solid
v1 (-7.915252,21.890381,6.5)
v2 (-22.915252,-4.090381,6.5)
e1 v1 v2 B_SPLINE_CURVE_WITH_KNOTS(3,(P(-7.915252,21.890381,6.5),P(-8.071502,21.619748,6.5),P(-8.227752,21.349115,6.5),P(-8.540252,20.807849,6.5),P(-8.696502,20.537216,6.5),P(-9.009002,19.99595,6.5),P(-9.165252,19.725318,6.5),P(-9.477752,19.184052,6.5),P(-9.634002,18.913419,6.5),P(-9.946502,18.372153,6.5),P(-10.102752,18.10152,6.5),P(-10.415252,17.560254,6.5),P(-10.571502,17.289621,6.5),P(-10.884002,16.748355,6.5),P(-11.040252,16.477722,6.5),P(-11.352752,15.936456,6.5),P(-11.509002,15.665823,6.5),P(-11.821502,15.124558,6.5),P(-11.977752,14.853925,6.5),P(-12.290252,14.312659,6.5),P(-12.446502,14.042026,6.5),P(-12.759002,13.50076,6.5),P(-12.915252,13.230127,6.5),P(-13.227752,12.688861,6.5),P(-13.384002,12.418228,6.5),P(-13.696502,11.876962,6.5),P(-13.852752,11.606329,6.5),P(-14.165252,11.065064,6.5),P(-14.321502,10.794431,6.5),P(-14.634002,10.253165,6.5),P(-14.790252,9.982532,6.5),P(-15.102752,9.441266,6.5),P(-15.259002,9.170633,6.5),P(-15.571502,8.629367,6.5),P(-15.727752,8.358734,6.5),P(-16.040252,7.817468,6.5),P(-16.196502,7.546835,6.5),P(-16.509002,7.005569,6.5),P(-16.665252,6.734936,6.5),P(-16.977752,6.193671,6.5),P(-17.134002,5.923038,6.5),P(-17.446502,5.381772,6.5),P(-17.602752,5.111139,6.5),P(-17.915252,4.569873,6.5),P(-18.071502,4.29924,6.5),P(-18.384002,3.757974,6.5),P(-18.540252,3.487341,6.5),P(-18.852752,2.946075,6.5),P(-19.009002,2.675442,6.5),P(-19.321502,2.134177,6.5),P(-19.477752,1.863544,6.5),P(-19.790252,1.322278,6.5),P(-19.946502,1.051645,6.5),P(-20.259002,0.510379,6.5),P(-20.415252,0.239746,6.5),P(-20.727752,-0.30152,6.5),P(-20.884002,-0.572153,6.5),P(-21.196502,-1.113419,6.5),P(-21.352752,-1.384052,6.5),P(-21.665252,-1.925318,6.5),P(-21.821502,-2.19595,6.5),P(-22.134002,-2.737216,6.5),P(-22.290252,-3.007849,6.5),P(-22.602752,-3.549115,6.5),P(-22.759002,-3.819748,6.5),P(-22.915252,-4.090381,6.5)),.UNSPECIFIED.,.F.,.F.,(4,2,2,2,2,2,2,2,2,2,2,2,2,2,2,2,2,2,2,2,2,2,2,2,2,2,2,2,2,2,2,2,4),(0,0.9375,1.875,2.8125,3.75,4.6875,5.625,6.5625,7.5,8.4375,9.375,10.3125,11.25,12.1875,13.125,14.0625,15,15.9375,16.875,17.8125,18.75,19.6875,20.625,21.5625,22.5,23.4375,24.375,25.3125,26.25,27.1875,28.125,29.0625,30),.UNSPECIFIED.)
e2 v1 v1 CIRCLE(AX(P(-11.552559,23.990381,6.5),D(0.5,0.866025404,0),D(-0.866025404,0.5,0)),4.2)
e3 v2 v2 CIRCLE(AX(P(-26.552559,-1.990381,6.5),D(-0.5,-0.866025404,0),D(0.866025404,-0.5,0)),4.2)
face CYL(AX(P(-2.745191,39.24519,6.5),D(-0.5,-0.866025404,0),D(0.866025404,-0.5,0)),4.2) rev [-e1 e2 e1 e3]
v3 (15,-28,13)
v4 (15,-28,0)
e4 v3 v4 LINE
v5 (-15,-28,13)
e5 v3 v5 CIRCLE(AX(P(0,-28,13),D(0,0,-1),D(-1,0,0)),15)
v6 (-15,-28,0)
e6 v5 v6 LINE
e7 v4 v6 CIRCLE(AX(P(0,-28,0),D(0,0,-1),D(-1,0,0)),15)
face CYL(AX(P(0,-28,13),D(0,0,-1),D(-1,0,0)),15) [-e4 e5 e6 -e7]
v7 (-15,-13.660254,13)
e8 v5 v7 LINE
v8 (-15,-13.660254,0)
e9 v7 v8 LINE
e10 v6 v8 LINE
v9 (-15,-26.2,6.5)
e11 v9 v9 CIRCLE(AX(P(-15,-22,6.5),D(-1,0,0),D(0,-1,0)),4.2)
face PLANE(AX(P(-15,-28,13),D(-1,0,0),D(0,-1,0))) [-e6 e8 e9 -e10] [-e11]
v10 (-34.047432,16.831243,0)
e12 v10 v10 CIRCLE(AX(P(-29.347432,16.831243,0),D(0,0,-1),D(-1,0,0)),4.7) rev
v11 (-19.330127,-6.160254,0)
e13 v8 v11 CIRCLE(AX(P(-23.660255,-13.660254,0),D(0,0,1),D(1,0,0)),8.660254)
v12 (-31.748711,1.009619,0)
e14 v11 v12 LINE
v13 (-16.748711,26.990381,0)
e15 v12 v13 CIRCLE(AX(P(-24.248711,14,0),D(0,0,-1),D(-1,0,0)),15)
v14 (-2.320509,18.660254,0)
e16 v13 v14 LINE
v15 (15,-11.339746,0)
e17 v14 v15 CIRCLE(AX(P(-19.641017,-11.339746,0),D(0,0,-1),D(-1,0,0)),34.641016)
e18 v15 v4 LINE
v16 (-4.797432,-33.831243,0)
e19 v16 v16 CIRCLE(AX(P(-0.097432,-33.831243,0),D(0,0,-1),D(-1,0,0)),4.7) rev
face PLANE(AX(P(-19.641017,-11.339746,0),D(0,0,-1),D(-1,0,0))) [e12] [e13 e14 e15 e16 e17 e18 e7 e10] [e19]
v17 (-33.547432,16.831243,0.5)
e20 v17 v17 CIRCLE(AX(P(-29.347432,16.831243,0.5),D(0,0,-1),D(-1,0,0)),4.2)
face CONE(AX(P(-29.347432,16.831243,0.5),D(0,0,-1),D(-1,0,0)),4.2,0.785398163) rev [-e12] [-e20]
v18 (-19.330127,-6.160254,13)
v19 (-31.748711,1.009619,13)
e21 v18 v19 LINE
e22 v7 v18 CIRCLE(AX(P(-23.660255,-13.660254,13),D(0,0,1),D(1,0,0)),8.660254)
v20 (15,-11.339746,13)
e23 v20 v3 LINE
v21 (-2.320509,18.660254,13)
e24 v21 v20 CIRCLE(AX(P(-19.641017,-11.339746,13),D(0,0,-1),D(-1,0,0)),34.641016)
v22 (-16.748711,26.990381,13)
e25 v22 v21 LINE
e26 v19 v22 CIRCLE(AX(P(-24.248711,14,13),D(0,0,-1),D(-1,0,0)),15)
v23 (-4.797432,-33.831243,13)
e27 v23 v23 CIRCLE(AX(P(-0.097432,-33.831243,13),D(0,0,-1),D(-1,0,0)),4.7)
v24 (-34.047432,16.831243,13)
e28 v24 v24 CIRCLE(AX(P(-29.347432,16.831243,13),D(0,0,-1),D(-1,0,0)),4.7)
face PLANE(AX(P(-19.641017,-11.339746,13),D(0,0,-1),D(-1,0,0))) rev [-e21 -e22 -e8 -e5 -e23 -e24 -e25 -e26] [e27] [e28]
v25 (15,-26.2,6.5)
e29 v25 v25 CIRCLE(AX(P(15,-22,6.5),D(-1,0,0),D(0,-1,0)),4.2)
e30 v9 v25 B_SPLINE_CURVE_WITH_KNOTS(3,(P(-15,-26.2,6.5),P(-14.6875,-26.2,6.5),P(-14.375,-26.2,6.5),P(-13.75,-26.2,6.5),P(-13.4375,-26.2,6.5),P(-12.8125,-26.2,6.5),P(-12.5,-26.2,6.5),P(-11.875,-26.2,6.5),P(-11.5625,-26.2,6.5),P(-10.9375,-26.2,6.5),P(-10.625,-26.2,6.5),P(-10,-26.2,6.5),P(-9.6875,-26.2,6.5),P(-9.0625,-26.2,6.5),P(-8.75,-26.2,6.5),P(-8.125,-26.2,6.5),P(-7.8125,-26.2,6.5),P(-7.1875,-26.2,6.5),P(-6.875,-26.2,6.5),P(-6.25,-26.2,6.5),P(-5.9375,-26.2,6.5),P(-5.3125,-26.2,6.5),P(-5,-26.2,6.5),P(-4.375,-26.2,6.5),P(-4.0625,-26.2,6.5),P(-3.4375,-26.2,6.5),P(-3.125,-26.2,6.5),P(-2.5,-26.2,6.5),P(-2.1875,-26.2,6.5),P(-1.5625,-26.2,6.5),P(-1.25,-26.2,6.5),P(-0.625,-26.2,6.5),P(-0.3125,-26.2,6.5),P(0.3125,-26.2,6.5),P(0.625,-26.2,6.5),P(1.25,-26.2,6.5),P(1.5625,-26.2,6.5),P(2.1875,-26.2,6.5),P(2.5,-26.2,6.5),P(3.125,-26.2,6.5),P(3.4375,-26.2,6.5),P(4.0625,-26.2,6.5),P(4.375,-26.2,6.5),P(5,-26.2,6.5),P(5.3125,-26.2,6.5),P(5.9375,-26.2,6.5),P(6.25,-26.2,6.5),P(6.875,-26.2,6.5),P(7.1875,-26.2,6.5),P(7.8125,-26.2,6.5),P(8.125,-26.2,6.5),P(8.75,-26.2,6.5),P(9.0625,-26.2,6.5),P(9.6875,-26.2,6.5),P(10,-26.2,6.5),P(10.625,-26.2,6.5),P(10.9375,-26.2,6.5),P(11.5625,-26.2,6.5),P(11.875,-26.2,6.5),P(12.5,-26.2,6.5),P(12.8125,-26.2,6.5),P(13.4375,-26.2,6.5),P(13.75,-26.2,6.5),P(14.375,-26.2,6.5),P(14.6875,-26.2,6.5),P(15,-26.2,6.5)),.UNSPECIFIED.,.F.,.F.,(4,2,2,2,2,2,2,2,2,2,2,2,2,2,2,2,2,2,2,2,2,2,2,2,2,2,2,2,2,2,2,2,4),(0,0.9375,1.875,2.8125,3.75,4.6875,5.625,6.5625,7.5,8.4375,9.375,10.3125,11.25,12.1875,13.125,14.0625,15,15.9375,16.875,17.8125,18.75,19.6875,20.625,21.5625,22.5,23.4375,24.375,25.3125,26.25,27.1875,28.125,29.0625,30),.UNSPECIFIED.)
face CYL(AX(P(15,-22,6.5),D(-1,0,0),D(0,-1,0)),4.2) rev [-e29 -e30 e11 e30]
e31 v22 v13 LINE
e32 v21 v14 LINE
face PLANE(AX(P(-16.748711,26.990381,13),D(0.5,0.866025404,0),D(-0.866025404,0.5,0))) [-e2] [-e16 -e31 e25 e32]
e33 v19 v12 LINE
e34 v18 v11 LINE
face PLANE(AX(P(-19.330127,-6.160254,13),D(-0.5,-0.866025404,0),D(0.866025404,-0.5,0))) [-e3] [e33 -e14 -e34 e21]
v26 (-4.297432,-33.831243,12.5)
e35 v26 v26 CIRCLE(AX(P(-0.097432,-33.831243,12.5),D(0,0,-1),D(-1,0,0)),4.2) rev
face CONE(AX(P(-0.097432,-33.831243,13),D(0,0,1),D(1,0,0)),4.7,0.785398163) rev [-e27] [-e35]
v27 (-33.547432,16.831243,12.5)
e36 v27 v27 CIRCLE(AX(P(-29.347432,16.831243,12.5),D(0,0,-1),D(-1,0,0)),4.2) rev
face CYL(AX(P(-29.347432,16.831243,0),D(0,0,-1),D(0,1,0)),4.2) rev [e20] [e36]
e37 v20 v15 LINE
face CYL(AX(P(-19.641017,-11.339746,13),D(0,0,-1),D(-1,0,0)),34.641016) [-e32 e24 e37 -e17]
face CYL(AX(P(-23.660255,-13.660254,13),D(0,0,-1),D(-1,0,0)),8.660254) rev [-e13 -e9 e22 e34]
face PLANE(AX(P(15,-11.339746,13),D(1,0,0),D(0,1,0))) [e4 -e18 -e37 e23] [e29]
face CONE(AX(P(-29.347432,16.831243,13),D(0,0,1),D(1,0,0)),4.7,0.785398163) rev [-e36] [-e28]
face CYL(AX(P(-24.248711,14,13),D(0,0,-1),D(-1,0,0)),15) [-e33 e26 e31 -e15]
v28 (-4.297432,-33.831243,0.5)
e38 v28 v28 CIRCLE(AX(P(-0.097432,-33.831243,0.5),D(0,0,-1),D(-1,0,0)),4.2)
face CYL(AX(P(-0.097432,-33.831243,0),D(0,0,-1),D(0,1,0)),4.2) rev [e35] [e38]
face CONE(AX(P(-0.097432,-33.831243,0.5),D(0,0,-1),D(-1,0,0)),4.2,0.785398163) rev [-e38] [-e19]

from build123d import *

# Parameters (mm, degrees)
BOSS_EXTRUDE1_DEPTH        = 13
CUT_EXTRUDE1_DEPTH         = 55.223360011
CUT_EXTRUDE2_DEPTH         = 55.01851513
F_8_4_8_4_DIAMETER_HOLE1_D = 8.4
CHAMFER2_SIZE              = 0.5


with BuildPart() as part:
    # Sketch1 → Boss-Extrude1 (new body)
    with BuildSketch(Plane(origin=(0, 0, 0), x_dir=(-1, 0, 0), z_dir=(0, 0, -1))):
        with BuildLine():
            Line((-14.999999535, -11.339745693), (-14.999999535, -27.999999731))
            ThreePointArc((-14.999999535, -27.999999731), (4.65e-07, -42.999999731), (15.000000465, -27.999999731))
            Line((15.000000465, -27.999999731), (15.000000465, -13.660253769))
            ThreePointArc((15.000000465, -13.660253769), (16.160254503, -9.33012675), (19.330127484, -6.160253769))
            Line((19.330127484, -6.160253769), (31.748711306, 1.009618943))
            ThreePointArc((31.748711306, 1.009618943), (37.239092363, 6.5), (39.248711306, 14))
            ThreePointArc((39.248711306, 14), (37.239092363, 21.5), (31.748711306, 26.990381057))
            ThreePointArc((31.748711306, 26.990381057), (24.248711306, 29), (16.748711306, 26.990381057))
            Line((16.748711306, 26.990381057), (2.320508541, 18.660254307))
            ThreePointArc((2.320508541, 18.660254307), (-10.358983383, 5.980762382), (-14.999999535, -11.339745693))
        make_face()
    extrude(amount=-BOSS_EXTRUDE1_DEPTH)

    # Sketch2 → Cut-Extrude1 (cut, through all)
    with BuildSketch(Plane(origin=(-7.5, -12.990381057, 0), x_dir=(0.8660254037844388, -0.4999999999999997, 0), z_dir=(-0.4999999999999997, -0.8660254037844388, 0))):
        with BuildLine():
            ThreePointArc((-25.021227161, 9.417565156), (-22, 2.3), (-18.978772839, 9.417565156))
            ThreePointArc((-18.978772839, 9.417565156), (-22, 10.7), (-25.021227161, 9.417565156))
        make_face()
    extrude(amount=-CUT_EXTRUDE1_DEPTH, mode=Mode.SUBTRACT)

    # Sketch3 → Cut-Extrude2 (cut, through all)
    with BuildSketch(Plane.ZY.offset(15.000000465)):
        with BuildLine():
            ThreePointArc((9.417565156, -18.978772839), (2.3, -22), (9.417565156, -25.021227161))
            ThreePointArc((9.417565156, -25.021227161), (10.7, -22), (9.417565156, -18.978772839))
        make_face()
    extrude(amount=-CUT_EXTRUDE2_DEPTH, mode=Mode.SUBTRACT)

    # Ø8.4 (8.4) Diameter Hole1 (through all)
    with Locations(Plane(origin=(0, 0, 0), x_dir=(-1, 0, 0), z_dir=(0, 0, -1))):
        with Locations((29.347432097, 16.831243464), (0.097432097, -33.831242658)):
            Hole(F_8_4_8_4_DIAMETER_HOLE1_D / 2)

    # Chamfer2
    chamfer2_edges = [part.edges().sort_by_distance(p)[0] for p in [
        (-4.297432097, -33.831242658, 0),
        (-4.297432097, -33.831242658, 13),
        (-33.547432097, 16.831243464, 0),
        (-33.547432097, 16.831243464, 13),
    ]]
    chamfer(chamfer2_edges, length=CHAMFER2_SIZE)


solid = part.part
